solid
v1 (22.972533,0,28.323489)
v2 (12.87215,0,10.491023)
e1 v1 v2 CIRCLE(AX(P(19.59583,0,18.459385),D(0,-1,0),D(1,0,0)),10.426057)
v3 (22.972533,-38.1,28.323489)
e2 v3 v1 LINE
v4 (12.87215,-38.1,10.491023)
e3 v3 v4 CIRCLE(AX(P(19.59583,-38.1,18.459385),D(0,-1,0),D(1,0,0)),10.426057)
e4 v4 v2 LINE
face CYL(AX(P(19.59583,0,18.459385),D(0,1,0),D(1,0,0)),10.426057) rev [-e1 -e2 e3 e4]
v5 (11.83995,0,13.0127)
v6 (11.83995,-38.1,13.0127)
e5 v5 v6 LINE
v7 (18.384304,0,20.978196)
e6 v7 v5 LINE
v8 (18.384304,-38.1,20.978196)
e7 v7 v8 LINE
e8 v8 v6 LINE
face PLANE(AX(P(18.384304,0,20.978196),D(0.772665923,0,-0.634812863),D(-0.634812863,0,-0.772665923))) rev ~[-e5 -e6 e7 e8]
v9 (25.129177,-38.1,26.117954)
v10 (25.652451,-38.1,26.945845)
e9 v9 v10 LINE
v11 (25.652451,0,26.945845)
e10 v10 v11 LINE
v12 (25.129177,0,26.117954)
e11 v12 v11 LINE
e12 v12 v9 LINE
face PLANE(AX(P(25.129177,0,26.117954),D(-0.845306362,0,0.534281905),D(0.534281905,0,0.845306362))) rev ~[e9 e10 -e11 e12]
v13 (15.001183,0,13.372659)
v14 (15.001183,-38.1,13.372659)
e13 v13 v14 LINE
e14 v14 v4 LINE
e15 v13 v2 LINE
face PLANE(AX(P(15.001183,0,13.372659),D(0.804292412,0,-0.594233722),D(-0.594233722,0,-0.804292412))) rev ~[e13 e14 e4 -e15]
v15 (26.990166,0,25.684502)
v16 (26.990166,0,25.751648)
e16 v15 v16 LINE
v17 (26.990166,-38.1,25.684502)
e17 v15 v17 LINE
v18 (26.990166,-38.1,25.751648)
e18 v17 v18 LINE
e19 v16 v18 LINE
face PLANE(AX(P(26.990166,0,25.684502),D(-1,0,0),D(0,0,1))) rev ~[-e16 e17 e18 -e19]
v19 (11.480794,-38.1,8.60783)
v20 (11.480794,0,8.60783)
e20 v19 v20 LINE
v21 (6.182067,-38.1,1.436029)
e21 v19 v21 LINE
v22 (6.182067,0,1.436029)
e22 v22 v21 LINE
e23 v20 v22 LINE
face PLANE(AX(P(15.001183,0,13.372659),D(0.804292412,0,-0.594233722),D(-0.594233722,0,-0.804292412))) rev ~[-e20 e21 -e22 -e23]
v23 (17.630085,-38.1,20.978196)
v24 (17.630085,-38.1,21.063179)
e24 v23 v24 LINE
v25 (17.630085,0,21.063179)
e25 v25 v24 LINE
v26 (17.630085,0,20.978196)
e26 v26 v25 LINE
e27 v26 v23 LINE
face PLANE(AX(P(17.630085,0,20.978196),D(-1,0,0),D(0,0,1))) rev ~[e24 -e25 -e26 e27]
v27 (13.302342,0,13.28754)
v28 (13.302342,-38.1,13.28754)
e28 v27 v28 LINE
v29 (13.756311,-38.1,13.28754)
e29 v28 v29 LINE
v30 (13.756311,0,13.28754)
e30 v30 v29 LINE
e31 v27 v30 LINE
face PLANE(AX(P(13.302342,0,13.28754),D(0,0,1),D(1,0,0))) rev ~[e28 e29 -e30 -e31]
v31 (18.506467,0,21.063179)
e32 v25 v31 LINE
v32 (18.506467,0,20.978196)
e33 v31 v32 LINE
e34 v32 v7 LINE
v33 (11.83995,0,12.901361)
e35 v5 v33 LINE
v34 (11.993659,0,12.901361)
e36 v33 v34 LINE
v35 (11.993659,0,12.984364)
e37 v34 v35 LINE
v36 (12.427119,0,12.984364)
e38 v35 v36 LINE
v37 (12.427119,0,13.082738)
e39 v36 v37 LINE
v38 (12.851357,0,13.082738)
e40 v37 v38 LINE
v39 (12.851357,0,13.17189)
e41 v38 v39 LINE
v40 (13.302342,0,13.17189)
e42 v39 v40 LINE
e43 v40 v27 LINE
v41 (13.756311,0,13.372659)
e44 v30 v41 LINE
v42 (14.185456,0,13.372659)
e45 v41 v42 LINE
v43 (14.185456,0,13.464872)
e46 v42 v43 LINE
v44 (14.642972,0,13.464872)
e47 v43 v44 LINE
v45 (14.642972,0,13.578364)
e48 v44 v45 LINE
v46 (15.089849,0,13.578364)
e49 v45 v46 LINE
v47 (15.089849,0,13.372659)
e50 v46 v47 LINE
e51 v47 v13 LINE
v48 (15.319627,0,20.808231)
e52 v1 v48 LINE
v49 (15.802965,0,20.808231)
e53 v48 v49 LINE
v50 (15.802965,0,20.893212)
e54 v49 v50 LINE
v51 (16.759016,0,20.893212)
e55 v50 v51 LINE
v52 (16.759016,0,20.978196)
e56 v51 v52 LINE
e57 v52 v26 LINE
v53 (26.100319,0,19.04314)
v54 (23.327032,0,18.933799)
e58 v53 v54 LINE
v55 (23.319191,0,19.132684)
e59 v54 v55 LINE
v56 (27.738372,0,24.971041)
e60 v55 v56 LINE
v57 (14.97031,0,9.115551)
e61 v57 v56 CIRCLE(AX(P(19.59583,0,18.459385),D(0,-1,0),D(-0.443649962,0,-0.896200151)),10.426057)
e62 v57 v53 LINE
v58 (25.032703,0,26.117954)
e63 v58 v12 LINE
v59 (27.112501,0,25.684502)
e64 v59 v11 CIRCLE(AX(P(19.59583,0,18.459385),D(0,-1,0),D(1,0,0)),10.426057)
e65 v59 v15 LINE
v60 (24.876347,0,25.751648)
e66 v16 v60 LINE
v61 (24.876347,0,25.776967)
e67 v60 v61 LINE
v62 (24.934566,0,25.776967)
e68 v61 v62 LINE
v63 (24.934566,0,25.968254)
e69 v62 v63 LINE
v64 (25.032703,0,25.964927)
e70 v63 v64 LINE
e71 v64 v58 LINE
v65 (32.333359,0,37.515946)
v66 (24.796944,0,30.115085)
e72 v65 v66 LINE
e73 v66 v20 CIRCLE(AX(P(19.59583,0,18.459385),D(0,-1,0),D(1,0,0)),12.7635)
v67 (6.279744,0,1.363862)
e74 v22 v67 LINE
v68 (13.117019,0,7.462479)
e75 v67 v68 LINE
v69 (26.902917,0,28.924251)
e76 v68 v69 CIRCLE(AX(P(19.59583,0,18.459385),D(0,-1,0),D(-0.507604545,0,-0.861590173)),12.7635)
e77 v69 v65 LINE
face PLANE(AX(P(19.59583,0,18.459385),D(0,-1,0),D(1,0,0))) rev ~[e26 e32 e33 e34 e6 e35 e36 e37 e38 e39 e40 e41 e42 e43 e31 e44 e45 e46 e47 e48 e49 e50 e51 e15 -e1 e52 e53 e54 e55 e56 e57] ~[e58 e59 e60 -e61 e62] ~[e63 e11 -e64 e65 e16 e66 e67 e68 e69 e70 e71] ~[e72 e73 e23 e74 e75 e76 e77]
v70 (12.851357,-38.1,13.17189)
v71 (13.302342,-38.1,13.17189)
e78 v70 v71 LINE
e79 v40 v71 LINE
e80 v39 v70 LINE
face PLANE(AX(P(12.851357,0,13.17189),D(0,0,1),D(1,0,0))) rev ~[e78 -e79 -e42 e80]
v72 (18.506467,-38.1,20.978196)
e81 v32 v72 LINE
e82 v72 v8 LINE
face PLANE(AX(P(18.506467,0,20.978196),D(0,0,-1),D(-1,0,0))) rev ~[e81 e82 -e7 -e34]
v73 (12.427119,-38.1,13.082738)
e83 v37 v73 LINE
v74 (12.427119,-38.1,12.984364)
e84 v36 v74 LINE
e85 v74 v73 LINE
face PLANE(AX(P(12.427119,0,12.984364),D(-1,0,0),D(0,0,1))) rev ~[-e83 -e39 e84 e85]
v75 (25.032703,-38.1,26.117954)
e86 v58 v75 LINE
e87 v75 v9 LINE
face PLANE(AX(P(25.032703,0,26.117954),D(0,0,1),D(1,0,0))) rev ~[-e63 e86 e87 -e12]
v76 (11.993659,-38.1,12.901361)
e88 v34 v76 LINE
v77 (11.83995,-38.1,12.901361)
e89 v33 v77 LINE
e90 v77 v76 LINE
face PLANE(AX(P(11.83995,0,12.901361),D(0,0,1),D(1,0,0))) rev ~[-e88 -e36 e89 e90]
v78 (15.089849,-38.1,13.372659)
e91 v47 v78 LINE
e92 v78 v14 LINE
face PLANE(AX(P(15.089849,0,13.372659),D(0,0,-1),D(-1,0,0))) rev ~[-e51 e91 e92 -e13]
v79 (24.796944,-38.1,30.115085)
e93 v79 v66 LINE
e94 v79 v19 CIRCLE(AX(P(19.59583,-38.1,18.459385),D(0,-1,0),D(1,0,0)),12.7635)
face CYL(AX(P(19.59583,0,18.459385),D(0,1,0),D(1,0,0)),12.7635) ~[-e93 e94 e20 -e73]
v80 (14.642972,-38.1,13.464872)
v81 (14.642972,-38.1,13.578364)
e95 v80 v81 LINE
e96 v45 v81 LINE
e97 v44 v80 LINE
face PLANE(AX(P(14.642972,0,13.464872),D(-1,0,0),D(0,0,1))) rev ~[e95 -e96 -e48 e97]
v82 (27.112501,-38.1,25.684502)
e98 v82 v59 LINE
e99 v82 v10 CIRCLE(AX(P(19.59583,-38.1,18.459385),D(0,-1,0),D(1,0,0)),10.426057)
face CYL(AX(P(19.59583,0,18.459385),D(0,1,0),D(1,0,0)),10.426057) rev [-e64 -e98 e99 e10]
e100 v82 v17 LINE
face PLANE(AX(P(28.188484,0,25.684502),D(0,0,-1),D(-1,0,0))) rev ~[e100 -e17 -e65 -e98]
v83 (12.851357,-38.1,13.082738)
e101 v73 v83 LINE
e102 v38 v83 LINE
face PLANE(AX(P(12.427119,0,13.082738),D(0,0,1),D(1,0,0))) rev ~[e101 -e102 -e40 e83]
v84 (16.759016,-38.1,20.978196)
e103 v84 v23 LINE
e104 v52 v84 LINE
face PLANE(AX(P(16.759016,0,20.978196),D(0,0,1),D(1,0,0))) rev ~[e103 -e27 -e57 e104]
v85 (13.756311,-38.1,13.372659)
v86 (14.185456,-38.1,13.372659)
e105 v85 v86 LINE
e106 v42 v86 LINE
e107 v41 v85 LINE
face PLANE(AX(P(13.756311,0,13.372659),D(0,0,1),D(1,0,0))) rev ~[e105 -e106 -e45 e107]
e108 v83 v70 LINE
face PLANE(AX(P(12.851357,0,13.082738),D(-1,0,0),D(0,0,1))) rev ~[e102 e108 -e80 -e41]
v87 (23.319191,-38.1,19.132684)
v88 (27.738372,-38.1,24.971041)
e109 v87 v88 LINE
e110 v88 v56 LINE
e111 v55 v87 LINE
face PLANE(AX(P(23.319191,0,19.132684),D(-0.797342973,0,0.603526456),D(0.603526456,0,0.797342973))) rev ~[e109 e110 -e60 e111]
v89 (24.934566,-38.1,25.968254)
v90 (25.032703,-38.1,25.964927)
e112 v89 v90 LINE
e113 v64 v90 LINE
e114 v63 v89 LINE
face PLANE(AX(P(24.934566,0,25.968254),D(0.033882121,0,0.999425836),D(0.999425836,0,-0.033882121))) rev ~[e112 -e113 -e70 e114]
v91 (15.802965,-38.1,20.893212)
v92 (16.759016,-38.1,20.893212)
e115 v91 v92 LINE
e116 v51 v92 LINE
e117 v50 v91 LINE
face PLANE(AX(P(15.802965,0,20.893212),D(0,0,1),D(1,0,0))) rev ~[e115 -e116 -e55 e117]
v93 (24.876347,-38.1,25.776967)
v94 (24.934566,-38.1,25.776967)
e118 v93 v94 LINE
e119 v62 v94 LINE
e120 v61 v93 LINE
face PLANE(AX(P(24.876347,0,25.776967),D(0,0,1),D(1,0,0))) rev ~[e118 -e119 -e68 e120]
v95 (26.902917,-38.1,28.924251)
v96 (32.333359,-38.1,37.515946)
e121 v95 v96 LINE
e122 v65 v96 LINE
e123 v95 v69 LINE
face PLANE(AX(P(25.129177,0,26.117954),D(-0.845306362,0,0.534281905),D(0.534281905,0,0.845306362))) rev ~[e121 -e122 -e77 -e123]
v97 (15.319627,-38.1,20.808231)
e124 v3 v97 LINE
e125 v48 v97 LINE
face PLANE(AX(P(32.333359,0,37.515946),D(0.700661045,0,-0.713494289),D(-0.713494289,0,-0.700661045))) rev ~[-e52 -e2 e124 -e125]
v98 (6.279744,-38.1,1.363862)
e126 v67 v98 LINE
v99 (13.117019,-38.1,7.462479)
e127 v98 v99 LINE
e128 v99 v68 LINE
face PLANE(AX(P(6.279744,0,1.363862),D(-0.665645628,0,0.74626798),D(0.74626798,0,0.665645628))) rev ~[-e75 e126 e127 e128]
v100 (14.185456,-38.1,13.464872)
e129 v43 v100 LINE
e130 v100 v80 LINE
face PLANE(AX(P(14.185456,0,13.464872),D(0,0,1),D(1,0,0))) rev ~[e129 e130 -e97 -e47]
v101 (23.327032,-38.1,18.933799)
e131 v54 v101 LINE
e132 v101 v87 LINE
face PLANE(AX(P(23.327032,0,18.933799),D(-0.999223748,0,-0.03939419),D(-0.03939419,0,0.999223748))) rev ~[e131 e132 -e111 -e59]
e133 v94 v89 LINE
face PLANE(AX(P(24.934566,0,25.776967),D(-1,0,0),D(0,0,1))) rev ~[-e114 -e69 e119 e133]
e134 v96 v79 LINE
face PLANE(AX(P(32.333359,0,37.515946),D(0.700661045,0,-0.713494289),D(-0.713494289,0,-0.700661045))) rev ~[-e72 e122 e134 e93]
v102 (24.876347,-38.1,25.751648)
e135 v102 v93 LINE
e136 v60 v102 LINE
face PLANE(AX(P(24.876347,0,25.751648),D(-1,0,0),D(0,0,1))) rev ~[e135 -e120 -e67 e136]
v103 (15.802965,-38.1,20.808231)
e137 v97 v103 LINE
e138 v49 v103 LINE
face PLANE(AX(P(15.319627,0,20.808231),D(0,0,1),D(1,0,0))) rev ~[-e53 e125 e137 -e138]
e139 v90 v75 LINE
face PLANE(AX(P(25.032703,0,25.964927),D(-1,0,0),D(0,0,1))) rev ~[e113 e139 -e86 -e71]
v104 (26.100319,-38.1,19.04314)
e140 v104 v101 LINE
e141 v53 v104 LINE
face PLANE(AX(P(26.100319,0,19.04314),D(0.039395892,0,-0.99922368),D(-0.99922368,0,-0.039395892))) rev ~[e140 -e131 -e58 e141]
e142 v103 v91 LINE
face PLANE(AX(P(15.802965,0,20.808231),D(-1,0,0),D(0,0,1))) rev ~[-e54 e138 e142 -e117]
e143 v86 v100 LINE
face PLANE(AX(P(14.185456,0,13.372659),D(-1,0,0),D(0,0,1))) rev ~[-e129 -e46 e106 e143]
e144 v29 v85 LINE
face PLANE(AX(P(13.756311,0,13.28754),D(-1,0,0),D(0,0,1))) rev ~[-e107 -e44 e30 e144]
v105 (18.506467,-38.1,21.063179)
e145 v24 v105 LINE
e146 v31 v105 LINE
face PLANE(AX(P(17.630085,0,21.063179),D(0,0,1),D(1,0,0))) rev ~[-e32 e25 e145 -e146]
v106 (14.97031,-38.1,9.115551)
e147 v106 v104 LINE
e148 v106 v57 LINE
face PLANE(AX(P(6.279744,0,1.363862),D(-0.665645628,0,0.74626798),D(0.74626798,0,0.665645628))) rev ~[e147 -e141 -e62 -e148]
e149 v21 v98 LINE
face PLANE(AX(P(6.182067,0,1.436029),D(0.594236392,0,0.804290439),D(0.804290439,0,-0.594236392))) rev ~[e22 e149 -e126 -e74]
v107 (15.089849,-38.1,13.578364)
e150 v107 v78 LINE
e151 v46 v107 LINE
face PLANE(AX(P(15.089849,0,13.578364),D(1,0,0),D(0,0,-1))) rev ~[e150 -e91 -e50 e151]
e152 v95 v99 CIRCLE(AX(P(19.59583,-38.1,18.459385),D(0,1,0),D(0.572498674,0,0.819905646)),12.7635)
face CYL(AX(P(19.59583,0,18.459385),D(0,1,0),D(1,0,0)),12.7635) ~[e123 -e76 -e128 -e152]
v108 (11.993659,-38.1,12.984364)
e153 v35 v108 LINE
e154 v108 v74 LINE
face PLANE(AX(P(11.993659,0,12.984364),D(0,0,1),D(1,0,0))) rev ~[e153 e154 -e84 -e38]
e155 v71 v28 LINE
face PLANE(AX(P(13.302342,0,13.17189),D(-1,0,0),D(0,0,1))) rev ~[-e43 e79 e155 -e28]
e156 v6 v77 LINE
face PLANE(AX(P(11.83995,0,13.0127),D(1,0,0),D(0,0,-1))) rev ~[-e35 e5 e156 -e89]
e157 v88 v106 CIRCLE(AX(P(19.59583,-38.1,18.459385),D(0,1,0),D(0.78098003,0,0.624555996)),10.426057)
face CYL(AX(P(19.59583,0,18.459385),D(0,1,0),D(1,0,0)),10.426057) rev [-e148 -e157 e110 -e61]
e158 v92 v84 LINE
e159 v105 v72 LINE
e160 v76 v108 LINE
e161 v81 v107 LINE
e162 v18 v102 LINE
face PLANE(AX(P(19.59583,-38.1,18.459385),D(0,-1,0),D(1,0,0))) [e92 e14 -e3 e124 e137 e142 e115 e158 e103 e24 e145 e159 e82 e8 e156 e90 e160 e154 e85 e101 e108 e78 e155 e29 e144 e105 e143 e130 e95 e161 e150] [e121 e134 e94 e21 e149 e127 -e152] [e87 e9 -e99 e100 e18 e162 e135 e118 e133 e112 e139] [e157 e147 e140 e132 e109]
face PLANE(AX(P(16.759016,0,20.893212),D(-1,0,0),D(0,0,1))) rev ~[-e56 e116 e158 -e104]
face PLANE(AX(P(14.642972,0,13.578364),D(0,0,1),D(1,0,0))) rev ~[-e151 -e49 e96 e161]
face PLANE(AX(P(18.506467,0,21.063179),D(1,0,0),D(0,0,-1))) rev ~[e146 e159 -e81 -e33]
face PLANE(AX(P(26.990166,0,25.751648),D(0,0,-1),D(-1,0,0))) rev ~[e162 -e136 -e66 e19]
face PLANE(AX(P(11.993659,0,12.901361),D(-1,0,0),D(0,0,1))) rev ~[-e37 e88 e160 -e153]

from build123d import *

# Parameters (mm, degrees)
F2_DEPTH = 38.1
F1_R     = 12.7635
F1_R_2   = 10.426057
F3_DEPTH = 38.1


with BuildPart() as f2:
    # F0 (on Front) → F2 (new body)
    with BuildSketch(Plane.XZ):
        Polygon((25.129177, 26.117954), (32.333359, 37.515946), (15.319627, 20.808231), (15.802965, 20.808231), (15.802965, 20.893212), (16.759016, 20.893212), (16.759016, 20.978196), (17.630085, 20.978196), (17.630085, 21.063179), (18.506467, 21.063179), (18.506467, 20.978196), (18.384304, 20.978196), (11.83995, 13.0127), (11.83995, 12.901361), (11.993659, 12.901361), (11.993659, 12.984364), (12.427119, 12.984364), (12.427119, 13.082738), (12.851357, 13.082738), (12.851357, 13.17189), (13.302342, 13.17189), (13.302342, 13.28754), (13.756311, 13.28754), (13.756311, 13.372659), (14.185456, 13.372659), (14.185456, 13.464872), (14.642972, 13.464872), (14.642972, 13.578364), (15.089849, 13.578364), (15.089849, 13.372659), (15.001183, 13.372659), (6.182067, 1.436029), (6.279744, 1.363862), (26.100319, 19.04314), (23.327032, 18.933799), (23.319191, 19.132684), (28.188484, 25.565702), (28.188484, 25.684502), (26.990166, 25.684502), (26.990166, 25.751648), (24.876347, 25.751648), (24.876347, 25.776967), (24.934566, 25.776967), (24.934566, 25.968254), (25.032703, 25.964927), (25.032703, 26.117954), align=None)
    extrude(amount=F2_DEPTH)

    # F1 (on Front) → F3 (join)
    with BuildSketch(Plane.XZ):
        with Locations((19.59583, 18.459385)):
            Circle(F1_R)
        with Locations((19.59583, 18.459385)):
            Circle(F1_R_2, mode=Mode.SUBTRACT)
    extrude(amount=F3_DEPTH)


solid = f2.part
